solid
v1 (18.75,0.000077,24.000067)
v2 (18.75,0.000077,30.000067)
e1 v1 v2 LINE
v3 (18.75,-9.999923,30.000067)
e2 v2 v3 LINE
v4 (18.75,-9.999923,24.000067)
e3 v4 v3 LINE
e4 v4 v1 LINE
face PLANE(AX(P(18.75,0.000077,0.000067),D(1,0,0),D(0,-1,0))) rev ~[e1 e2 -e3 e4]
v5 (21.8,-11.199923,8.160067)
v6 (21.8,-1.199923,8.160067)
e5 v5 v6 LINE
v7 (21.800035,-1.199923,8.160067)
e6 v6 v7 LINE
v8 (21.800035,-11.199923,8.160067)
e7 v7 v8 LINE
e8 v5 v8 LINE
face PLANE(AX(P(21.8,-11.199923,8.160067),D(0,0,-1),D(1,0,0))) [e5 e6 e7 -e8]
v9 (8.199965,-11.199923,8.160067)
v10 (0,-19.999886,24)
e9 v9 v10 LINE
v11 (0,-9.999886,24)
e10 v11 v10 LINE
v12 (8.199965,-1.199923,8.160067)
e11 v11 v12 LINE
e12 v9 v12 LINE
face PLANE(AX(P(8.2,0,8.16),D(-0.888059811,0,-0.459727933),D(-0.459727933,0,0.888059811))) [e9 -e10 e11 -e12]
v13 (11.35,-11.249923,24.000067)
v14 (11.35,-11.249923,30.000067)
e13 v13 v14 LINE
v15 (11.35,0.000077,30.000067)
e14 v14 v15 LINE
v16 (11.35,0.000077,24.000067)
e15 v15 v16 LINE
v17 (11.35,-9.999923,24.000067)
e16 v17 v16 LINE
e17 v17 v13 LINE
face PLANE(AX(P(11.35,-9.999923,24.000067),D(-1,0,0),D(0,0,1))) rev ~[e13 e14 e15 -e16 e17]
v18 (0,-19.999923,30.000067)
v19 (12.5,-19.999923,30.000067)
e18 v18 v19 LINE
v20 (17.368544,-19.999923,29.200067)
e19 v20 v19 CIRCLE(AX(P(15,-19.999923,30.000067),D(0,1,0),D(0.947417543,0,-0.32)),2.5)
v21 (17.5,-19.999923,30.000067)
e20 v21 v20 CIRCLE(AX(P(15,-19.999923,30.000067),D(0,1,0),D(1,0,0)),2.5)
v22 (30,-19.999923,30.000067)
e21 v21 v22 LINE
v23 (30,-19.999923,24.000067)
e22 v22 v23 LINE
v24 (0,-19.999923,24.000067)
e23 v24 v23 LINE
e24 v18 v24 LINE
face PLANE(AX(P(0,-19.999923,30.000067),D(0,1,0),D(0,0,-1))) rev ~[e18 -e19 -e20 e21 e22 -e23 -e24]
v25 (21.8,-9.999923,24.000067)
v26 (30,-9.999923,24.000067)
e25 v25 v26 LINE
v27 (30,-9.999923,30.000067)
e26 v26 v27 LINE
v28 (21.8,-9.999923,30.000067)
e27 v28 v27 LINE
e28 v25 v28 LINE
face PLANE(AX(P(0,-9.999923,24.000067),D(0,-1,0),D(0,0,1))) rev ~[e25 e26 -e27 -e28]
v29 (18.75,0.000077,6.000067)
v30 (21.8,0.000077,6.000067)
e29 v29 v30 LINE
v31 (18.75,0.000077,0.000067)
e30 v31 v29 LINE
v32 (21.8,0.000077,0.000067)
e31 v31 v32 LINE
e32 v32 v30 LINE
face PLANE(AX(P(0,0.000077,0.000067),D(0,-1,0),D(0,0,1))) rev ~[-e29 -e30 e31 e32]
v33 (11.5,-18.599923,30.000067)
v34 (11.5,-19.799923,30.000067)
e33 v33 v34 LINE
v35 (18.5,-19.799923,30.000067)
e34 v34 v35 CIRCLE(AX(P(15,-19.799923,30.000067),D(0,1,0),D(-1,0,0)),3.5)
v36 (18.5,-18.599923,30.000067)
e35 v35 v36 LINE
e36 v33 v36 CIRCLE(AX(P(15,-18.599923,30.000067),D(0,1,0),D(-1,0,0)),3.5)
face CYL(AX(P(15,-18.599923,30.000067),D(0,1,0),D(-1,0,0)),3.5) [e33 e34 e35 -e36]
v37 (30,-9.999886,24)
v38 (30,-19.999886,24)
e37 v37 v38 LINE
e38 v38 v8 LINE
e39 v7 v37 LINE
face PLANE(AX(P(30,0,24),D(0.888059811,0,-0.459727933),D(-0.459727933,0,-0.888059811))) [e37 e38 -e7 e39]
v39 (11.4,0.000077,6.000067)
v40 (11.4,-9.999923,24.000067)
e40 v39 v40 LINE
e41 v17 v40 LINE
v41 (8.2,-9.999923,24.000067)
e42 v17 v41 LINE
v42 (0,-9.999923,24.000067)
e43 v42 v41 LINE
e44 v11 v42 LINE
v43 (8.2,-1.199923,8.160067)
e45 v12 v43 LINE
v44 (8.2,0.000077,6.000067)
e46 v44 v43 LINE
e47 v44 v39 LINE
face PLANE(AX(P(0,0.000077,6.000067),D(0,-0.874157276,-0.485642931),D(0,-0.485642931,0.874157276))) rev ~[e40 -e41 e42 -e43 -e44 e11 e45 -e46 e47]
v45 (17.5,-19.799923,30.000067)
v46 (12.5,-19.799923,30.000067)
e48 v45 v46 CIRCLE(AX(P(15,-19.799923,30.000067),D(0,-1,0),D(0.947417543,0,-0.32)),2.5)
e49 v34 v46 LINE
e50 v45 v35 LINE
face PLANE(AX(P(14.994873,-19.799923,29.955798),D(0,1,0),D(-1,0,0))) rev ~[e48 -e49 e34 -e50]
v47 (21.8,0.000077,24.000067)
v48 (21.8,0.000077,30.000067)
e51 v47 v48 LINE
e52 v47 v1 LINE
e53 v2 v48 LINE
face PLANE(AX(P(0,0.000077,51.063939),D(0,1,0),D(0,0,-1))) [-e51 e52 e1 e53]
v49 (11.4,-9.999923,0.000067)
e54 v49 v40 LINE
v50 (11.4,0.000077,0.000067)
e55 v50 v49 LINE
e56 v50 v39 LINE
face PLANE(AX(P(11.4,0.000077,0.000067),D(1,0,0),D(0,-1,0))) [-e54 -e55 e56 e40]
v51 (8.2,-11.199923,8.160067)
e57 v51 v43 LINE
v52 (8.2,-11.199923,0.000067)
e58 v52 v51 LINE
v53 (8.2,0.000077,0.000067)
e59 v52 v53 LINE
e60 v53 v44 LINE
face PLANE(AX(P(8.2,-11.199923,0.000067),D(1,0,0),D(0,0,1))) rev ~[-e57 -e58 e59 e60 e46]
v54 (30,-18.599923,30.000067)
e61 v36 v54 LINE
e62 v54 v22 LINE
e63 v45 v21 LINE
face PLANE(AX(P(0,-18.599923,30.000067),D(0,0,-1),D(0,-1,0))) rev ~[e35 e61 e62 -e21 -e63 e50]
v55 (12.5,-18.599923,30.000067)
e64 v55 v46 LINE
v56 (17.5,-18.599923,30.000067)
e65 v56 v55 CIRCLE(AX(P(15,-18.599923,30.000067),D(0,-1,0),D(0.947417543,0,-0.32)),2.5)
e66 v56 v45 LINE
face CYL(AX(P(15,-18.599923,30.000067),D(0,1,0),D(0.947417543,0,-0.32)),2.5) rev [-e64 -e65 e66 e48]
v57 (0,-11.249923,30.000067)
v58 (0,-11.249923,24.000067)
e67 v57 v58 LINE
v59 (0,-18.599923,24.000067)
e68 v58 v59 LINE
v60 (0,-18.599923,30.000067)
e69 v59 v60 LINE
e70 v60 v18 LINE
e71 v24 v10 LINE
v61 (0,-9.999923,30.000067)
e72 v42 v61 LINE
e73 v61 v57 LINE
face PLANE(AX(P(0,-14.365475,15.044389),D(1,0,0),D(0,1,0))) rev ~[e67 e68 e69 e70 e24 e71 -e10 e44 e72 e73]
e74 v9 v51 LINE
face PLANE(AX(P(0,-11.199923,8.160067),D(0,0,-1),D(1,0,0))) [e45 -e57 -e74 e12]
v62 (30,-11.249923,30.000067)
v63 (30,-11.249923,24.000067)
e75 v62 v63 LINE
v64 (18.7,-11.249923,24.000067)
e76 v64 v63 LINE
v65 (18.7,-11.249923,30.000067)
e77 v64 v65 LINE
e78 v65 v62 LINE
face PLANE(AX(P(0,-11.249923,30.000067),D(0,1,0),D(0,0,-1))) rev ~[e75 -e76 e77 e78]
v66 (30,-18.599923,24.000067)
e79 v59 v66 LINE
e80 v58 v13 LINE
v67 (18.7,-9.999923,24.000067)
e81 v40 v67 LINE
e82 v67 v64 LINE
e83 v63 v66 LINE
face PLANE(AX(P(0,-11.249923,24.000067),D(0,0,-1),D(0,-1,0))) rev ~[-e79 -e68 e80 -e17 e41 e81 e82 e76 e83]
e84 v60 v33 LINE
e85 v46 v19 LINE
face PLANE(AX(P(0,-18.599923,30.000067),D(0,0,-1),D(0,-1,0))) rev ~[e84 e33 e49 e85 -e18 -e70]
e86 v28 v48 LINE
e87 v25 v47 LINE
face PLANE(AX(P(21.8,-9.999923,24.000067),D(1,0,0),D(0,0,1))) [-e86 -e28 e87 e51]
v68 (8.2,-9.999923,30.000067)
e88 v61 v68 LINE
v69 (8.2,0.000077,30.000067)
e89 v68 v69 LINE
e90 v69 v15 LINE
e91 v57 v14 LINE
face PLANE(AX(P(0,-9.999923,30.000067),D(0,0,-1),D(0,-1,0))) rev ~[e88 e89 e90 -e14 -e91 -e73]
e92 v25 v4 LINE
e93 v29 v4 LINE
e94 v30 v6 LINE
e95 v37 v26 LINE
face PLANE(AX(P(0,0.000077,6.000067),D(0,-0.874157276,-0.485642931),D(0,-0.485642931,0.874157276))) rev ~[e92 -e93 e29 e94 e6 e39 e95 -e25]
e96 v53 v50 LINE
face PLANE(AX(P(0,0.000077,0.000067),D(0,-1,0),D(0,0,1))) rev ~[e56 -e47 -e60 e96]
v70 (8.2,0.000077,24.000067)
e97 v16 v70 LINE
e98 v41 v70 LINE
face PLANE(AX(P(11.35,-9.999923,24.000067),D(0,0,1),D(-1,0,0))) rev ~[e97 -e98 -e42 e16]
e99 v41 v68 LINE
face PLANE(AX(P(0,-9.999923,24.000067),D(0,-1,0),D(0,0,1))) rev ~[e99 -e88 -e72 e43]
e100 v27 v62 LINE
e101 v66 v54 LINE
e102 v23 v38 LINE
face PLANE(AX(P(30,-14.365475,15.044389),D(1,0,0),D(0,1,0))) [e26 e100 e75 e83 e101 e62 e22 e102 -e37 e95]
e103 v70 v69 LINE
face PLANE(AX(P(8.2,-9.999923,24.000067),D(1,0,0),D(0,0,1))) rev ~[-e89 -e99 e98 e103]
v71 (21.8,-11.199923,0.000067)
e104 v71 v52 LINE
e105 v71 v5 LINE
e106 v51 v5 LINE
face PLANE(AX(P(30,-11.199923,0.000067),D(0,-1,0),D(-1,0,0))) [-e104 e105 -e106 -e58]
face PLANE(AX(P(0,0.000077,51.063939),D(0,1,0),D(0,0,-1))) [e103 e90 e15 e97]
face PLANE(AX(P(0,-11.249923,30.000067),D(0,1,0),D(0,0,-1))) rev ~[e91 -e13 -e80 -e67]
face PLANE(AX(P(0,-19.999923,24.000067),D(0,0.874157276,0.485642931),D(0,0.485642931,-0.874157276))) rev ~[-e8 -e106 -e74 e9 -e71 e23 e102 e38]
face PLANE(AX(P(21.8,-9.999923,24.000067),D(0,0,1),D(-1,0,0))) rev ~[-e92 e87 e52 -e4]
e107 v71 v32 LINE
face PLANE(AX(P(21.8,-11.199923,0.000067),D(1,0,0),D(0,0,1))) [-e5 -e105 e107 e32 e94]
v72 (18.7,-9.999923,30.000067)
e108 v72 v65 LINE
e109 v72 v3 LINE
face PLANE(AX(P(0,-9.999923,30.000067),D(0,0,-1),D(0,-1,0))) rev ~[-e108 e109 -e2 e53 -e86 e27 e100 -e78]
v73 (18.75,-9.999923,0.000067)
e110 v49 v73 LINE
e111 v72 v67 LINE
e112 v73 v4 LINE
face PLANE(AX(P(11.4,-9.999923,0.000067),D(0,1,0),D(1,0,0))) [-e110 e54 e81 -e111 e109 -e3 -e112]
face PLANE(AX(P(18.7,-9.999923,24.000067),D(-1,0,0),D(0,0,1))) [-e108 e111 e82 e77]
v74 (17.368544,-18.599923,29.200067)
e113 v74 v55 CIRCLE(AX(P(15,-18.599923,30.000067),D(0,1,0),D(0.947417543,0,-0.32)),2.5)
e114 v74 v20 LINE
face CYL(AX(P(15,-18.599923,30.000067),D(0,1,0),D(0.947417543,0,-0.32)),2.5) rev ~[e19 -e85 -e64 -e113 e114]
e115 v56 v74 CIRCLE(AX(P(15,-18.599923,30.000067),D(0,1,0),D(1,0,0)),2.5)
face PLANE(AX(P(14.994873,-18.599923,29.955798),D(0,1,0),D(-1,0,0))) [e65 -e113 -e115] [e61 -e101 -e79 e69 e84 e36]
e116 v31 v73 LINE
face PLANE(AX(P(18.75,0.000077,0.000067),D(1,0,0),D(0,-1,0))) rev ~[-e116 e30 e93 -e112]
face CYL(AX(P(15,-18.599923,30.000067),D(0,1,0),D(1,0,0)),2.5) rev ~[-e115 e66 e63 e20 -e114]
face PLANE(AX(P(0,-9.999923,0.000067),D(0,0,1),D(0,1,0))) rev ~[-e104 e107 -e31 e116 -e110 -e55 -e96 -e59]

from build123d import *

# Parameters (mm, degrees)
F0_W      = 7.6
F0_H      = 6
F1_DEPTH  = 30
F2_W      = 10.2
F2_H      = 1.2
F2_W_2    = 7.35
F2_W_3    = 10.05
F2_W_4    = 1.2
F3_DEPTH  = 10
F4_W      = 3.1
F4_H      = 6
F4_W_2    = 3.15
F5_DEPTH  = 25
F4_W_3    = 7.35
F6_DEPTH  = 3
F2_H_2    = 10
F7_DEPTH  = 30.8
F8_DEPTH  = 25
F9_W      = 8.2
F9_H      = 8.16
F10_DEPTH = 25
F12_DEPTH = 25
F14_DEPTH = 25
F15_DEPTH = 1.2


with BuildPart() as f1:
    # F0 (on Right) → F1 (new body)
    with BuildSketch(Plane.YZ):
        Polygon((-18.5999230509, 30.0000671301), (-19.9999230509, 30.0000671301), (-19.9999230509, 24.0000671301), (-9.9999230509, 6.0000671301), (-9.9999230509, 6.71301e-05), (-8.7999230509, 6.71301e-05), (-8.7999230509, 6.0000671301), (-18.5999230509, 24.0000671301), align=None)
        Polygon((-11.2499230509, 24.0000671301), (-18.5999230509, 24.0000671301), (-8.7999230509, 6.0000671301), (-1.1999230509, 6.0000671301), align=None)
        Polygon((-9.9999230509, 30.0000671301), (-11.2499230509, 30.0000671301), (-11.2499230509, 24.0000671301), (-1.1999230509, 6.0000671301), (-1.1999230509, 6.71301e-05), (7.69491e-05, 6.71301e-05), (7.69491e-05, 6.0000671301), (-9.9999230509, 24.0000671301), align=None)
        with Locations((-4.9999230509, 3.0000671301)):
            Rectangle(F0_W, F0_H)
    extrude(amount=F1_DEPTH)

    # F2 (on face) → F3 (join)
    with BuildSketch(Plane(origin=(0, 0, 6.71301e-05), x_dir=(1, 0, 0), z_dir=(0, 0, -1))):
        with Locations((5.1, 10.5999230509)):
            Rectangle(F2_W, F2_H)
        with Locations((15.075, 10.5999230509)):
            Rectangle(F2_W_2, F2_H)
        with Locations((24.975, 10.5999230509)):
            Rectangle(F2_W_3, F2_H)
        with Locations((10.8, 10.5999230509)):
            Rectangle(F2_W_4, F2_H)
        with Locations((19.35, 10.5999230509)):
            Rectangle(F2_W_4, F2_H)
    extrude(amount=-F3_DEPTH)

    # F4 (on face) → F5 (join)
    with BuildSketch(Plane(origin=(0, -9.9999230509, 0), x_dir=(-1, 0, 0), z_dir=(0, 1, 0))):
        with Locations((-20.25, 27.0000671301)):
            Rectangle(F4_W, F4_H)
        with Locations((-9.775, 27.0000671301)):
            Rectangle(F4_W_2, F4_H)
    extrude(amount=F5_DEPTH)

    # F4 (on face) → F6 (cut)
    with BuildSketch(Plane(origin=(0, -9.9999230509, 0), x_dir=(-1, 0, 0), z_dir=(0, 1, 0))):
        with Locations((-15.025, 27.0000671301)):
            Rectangle(F4_W_3, F4_H)
    extrude(amount=-F6_DEPTH, mode=Mode.SUBTRACT)

    # F2 (on face) → F7 (cut)
    with BuildSketch(Plane(origin=(0, 0, 6.71301e-05), x_dir=(1, 0, 0), z_dir=(0, 0, -1))):
        with Locations((15.075, 4.9999230509)):
            Rectangle(F2_W_2, F2_H_2)
    extrude(amount=-F7_DEPTH, mode=Mode.SUBTRACT)

    # F0 (on Right) → F8 (cut)
    with BuildSketch(Plane.YZ):
        Polygon((7.69491e-05, 51.0639390725), (7.69491e-05, 30.0000671301), (7.69491e-05, 6.0000671301), (43.8302202369, 6.0000671301), (43.8302202369, 51.0639390725), align=None)
    extrude(amount=F8_DEPTH, mode=Mode.SUBTRACT)

    # F9 (on face) → F10 (cut)
    with BuildSketch(Plane.XZ.offset(11.1999230509)):
        with Locations((4.1, 4.0800671301)):
            Rectangle(F9_W, F9_H)
        with Locations((25.9, 4.0800671301)):
            Rectangle(F9_W, F9_H)
    extrude(amount=-F10_DEPTH, mode=Mode.SUBTRACT)

    # F11 (on Front) → F12 (cut)
    with BuildSketch(Plane.XZ):
        Polygon((0, 24), (0, 8.16), (8.2, 8.16), align=None)
        Polygon((30, 24), (21.8, 8.16), (30, 8.16), align=None)
    extrude(amount=F12_DEPTH, mode=Mode.SUBTRACT)

    # F13 (on face) → F14 (cut)
    with BuildSketch(Plane(origin=(0, -18.5999230509, 0), x_dir=(-1, 0, 0), z_dir=(0, 1, 0))):
        with BuildLine():
            ThreePointArc((-17.5, 30.0000671301), (-17.466917068, 29.5947028748), (-17.3685438565, 29.2000671301))
            ThreePointArc((-17.3685438565, 29.2000671301), (-14.5946357448, 27.533150062), (-12.5, 30.0000671301))
            Line((-12.5, 30.0000671301), (-17.5, 30.0000671301))
        make_face()
    extrude(amount=-F14_DEPTH, mode=Mode.SUBTRACT)

    # F13 (on face) → F15 (join)
    with BuildSketch(Plane(origin=(0, -18.5999230509, 0), x_dir=(-1, 0, 0), z_dir=(0, 1, 0))):
        with BuildLine():
            ThreePointArc((-11.5, 30.0000671301), (-15.4026738592, 33.4768262191), (-18.4073450075, 29.2000671301))
            ThreePointArc((-18.4073450075, 29.2000671301), (-14.5973261408, 26.523308041), (-11.5, 30.0000671301))
        make_face()
        with BuildLine():
            ThreePointArc((-12.5, 30.0000671301), (-14.5946357448, 27.533150062), (-17.3685438565, 29.2000671301))
            ThreePointArc((-17.3685438565, 29.2000671301), (-15.4053642552, 32.4669841981), (-12.5, 30.0000671301))
        make_face(mode=Mode.SUBTRACT)
    extrude(amount=-F15_DEPTH)


solid = f1.part
